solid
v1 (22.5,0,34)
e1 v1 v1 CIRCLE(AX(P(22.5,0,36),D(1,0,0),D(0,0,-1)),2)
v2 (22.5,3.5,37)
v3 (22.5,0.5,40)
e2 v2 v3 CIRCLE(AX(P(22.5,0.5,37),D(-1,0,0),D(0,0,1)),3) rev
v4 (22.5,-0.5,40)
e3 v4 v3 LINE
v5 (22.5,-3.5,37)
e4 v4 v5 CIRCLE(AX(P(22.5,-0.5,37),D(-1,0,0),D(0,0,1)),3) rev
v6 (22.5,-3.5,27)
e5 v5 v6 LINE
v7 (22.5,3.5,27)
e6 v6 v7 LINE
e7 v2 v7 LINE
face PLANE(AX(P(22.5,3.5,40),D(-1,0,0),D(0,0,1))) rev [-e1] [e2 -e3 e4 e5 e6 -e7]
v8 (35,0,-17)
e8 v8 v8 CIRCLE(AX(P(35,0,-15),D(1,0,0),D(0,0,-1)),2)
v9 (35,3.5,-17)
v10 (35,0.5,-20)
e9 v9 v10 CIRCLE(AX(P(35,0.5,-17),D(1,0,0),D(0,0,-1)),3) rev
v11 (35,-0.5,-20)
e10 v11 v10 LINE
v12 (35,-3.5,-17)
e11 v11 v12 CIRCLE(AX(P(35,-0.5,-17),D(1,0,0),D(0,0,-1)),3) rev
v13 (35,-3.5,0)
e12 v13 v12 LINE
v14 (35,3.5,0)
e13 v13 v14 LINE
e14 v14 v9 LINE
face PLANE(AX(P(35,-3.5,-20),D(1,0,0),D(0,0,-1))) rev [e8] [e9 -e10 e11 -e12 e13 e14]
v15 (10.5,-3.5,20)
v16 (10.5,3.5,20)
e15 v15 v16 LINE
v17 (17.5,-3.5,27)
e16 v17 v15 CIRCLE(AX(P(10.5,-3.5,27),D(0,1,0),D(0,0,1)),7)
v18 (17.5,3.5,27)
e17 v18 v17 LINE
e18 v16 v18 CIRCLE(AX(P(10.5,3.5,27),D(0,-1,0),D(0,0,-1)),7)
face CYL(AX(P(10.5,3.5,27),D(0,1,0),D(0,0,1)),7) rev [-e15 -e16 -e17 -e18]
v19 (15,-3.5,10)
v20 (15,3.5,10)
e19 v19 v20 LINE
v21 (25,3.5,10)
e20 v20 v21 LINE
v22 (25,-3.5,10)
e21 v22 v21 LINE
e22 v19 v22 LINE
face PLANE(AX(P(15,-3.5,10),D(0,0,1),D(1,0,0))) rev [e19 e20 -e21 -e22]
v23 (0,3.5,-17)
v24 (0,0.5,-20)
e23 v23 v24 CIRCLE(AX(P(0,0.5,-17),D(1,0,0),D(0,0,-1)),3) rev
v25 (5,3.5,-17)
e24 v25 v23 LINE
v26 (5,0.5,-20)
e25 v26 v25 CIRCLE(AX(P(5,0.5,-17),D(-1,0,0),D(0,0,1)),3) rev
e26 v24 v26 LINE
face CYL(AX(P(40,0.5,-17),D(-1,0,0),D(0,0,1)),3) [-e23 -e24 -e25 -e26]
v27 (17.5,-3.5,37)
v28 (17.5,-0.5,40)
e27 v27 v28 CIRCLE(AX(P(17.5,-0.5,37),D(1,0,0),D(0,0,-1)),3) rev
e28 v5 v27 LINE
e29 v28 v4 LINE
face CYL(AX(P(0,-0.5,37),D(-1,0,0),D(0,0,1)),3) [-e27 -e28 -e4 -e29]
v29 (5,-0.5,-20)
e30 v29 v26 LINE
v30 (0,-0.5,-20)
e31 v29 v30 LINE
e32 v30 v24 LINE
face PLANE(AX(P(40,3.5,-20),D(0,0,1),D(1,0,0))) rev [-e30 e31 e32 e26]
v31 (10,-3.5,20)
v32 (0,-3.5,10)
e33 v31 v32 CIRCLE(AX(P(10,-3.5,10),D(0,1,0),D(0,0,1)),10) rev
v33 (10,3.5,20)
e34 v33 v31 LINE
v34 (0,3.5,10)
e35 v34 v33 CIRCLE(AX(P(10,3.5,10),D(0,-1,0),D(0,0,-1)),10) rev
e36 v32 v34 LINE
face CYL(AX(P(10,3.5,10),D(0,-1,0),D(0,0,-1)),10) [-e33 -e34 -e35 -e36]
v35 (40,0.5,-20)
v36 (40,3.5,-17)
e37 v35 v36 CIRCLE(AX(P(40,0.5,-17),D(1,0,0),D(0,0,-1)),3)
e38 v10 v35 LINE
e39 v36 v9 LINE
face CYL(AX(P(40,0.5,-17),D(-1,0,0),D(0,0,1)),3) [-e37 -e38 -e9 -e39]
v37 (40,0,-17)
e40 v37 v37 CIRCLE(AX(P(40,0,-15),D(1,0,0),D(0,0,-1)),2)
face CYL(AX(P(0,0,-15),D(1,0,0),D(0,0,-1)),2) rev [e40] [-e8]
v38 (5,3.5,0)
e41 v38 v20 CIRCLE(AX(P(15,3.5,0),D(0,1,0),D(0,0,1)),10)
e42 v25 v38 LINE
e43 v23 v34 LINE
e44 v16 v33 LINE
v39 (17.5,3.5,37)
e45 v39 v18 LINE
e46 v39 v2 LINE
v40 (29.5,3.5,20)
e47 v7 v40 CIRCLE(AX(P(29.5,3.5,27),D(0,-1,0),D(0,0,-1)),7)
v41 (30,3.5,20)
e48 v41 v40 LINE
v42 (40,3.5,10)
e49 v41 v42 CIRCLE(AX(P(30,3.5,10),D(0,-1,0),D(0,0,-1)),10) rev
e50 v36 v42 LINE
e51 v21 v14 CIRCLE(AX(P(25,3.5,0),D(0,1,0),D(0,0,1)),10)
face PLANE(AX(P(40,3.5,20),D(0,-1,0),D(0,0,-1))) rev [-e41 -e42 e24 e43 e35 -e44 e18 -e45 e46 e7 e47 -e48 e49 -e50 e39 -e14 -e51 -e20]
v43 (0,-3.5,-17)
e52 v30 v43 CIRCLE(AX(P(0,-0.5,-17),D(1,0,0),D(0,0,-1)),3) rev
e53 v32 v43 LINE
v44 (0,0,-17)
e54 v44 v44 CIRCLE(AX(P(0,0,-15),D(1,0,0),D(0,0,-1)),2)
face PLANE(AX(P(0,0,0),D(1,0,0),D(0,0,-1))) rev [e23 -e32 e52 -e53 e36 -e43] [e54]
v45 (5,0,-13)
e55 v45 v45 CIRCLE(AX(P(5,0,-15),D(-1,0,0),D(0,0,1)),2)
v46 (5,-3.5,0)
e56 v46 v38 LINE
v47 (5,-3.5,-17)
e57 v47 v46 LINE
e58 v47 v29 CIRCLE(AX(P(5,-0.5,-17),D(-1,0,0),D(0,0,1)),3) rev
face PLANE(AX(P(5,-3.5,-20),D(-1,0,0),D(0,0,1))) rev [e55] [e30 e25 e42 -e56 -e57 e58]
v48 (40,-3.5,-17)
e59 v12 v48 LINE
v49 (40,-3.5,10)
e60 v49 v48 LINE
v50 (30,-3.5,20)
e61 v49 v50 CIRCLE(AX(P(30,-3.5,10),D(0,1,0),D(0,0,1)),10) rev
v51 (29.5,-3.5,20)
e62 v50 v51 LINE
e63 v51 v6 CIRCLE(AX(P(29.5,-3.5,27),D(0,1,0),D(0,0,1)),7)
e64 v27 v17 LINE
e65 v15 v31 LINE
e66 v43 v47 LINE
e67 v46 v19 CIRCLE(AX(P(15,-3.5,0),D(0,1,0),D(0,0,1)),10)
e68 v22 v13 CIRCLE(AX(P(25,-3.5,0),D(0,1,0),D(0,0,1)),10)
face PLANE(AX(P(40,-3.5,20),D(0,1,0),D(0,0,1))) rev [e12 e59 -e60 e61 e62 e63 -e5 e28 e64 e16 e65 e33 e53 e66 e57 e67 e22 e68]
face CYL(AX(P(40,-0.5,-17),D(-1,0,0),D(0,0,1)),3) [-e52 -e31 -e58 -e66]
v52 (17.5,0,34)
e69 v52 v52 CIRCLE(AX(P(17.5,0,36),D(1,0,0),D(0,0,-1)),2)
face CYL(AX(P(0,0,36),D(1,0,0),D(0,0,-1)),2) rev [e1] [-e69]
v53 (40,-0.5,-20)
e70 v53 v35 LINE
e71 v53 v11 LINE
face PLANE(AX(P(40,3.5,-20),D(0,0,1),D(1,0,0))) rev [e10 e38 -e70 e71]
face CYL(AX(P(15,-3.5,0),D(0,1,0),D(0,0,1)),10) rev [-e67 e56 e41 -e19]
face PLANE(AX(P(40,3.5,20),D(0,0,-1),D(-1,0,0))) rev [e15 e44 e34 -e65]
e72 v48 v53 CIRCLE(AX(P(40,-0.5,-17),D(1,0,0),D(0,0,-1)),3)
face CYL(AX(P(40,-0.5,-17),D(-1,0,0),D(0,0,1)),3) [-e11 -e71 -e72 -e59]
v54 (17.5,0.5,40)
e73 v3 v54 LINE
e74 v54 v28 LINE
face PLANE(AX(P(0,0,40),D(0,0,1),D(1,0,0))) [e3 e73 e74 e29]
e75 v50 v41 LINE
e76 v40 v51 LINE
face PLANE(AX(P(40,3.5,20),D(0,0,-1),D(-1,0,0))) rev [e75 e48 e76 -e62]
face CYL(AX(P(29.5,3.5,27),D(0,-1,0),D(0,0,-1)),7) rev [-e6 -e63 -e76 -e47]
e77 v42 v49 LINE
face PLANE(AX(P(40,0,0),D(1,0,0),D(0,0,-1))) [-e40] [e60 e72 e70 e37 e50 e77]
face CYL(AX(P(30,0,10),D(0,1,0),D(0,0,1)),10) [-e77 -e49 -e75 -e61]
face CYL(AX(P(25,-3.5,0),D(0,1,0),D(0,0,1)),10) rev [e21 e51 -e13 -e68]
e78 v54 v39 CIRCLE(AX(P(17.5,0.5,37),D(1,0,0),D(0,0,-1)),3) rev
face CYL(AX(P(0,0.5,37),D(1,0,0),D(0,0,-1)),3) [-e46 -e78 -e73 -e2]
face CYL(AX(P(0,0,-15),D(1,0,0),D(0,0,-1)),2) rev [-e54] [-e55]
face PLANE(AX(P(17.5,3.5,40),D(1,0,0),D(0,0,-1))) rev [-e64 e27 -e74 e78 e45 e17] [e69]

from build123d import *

# Parameters (mm, degrees)
SKETCH1_W           = 40
SKETCH1_H           = 7
BOSS_EXTRUDE1_DEPTH = 40
CUT_EXTRUDE1_DEPTH  = 8
FILLET1_R           = 10
SKETCH5_W           = 5
SKETCH5_H           = 7
BOSS_EXTRUDE2_DEPTH = 20
FILLET2_R           = 7
FILLET3_R           = 3
SKETCH6_R           = 2
CUT_EXTRUDE2_DEPTH  = 41
SKETCH7_R           = 2
CUT_EXTRUDE3_DEPTH  = 23.5


with BuildPart() as part:
    # Sketch1 → Boss-Extrude1 (new body)
    with BuildSketch(Plane(origin=(0, 0, 0), x_dir=(0, 0, -1), z_dir=(1, 0, 0))):
        Rectangle(SKETCH1_W, SKETCH1_H)
    extrude(amount=BOSS_EXTRUDE1_DEPTH)

    # Sketch2 → Cut-Extrude1 (cut, through all)
    with BuildSketch(Plane(origin=(0, 3.5, 0), x_dir=(1, 0, 0), z_dir=(0, 1, 0))):
        with BuildLine():
            Line((5, 20), (35, 20))
            Line((35, 20), (35, 0))
            ThreePointArc((35, 0), (32.071067812, -7.071067812), (25, -10))
            Line((25, -10), (15, -10))
            ThreePointArc((15, -10), (7.928932188, -7.071067812), (5, 0))
            Line((5, 0), (5, 20))
        make_face()
    extrude(amount=-CUT_EXTRUDE1_DEPTH, mode=Mode.SUBTRACT)

    # Fillet1
    fillet1_edges = [part.edges().sort_by_distance(p)[0] for p in [
        (40, 0, 20),
        (0, 0, 20),
    ]]
    fillet(fillet1_edges, radius=FILLET1_R)

    # Sketch5 → Boss-Extrude2 (add)
    with BuildSketch(Plane.XY.offset(20)):
        with Locations((20, 0)):
            Rectangle(SKETCH5_W, SKETCH5_H)
    extrude(amount=BOSS_EXTRUDE2_DEPTH)

    # Fillet2
    fillet2_edges = [part.edges().sort_by_distance(p)[0] for p in [
        (17.5, 0, 20),
        (22.5, 0, 20),
    ]]
    fillet(fillet2_edges, radius=FILLET2_R)

    # Fillet3
    fillet3_edges = [part.edges().sort_by_distance(p)[0] for p in [
        (2.5, -3.5, -20),
        (2.5, 3.5, -20),
        (20, -3.5, 40),
        (20, 3.5, 40),
        (37.5, -3.5, -20),
        (37.5, 3.5, -20),
    ]]
    fillet(fillet3_edges, radius=FILLET3_R)

    # Sketch6 → Cut-Extrude2 (cut, through all)
    with BuildSketch(Plane(origin=(40, 0, 0), x_dir=(0, 0, -1), z_dir=(1, 0, 0))):
        with Locations((15, 0)):
            Circle(SKETCH6_R)
    extrude(amount=-CUT_EXTRUDE2_DEPTH, mode=Mode.SUBTRACT)

    # Sketch7 → Cut-Extrude3 (cut, through all)
    with BuildSketch(Plane(origin=(22.5, 0, 0), x_dir=(0, 0, -1), z_dir=(1, 0, 0))):
        with Locations((-36, 0)):
            Circle(SKETCH7_R)
    extrude(amount=-CUT_EXTRUDE3_DEPTH, mode=Mode.SUBTRACT)


solid = part.part
